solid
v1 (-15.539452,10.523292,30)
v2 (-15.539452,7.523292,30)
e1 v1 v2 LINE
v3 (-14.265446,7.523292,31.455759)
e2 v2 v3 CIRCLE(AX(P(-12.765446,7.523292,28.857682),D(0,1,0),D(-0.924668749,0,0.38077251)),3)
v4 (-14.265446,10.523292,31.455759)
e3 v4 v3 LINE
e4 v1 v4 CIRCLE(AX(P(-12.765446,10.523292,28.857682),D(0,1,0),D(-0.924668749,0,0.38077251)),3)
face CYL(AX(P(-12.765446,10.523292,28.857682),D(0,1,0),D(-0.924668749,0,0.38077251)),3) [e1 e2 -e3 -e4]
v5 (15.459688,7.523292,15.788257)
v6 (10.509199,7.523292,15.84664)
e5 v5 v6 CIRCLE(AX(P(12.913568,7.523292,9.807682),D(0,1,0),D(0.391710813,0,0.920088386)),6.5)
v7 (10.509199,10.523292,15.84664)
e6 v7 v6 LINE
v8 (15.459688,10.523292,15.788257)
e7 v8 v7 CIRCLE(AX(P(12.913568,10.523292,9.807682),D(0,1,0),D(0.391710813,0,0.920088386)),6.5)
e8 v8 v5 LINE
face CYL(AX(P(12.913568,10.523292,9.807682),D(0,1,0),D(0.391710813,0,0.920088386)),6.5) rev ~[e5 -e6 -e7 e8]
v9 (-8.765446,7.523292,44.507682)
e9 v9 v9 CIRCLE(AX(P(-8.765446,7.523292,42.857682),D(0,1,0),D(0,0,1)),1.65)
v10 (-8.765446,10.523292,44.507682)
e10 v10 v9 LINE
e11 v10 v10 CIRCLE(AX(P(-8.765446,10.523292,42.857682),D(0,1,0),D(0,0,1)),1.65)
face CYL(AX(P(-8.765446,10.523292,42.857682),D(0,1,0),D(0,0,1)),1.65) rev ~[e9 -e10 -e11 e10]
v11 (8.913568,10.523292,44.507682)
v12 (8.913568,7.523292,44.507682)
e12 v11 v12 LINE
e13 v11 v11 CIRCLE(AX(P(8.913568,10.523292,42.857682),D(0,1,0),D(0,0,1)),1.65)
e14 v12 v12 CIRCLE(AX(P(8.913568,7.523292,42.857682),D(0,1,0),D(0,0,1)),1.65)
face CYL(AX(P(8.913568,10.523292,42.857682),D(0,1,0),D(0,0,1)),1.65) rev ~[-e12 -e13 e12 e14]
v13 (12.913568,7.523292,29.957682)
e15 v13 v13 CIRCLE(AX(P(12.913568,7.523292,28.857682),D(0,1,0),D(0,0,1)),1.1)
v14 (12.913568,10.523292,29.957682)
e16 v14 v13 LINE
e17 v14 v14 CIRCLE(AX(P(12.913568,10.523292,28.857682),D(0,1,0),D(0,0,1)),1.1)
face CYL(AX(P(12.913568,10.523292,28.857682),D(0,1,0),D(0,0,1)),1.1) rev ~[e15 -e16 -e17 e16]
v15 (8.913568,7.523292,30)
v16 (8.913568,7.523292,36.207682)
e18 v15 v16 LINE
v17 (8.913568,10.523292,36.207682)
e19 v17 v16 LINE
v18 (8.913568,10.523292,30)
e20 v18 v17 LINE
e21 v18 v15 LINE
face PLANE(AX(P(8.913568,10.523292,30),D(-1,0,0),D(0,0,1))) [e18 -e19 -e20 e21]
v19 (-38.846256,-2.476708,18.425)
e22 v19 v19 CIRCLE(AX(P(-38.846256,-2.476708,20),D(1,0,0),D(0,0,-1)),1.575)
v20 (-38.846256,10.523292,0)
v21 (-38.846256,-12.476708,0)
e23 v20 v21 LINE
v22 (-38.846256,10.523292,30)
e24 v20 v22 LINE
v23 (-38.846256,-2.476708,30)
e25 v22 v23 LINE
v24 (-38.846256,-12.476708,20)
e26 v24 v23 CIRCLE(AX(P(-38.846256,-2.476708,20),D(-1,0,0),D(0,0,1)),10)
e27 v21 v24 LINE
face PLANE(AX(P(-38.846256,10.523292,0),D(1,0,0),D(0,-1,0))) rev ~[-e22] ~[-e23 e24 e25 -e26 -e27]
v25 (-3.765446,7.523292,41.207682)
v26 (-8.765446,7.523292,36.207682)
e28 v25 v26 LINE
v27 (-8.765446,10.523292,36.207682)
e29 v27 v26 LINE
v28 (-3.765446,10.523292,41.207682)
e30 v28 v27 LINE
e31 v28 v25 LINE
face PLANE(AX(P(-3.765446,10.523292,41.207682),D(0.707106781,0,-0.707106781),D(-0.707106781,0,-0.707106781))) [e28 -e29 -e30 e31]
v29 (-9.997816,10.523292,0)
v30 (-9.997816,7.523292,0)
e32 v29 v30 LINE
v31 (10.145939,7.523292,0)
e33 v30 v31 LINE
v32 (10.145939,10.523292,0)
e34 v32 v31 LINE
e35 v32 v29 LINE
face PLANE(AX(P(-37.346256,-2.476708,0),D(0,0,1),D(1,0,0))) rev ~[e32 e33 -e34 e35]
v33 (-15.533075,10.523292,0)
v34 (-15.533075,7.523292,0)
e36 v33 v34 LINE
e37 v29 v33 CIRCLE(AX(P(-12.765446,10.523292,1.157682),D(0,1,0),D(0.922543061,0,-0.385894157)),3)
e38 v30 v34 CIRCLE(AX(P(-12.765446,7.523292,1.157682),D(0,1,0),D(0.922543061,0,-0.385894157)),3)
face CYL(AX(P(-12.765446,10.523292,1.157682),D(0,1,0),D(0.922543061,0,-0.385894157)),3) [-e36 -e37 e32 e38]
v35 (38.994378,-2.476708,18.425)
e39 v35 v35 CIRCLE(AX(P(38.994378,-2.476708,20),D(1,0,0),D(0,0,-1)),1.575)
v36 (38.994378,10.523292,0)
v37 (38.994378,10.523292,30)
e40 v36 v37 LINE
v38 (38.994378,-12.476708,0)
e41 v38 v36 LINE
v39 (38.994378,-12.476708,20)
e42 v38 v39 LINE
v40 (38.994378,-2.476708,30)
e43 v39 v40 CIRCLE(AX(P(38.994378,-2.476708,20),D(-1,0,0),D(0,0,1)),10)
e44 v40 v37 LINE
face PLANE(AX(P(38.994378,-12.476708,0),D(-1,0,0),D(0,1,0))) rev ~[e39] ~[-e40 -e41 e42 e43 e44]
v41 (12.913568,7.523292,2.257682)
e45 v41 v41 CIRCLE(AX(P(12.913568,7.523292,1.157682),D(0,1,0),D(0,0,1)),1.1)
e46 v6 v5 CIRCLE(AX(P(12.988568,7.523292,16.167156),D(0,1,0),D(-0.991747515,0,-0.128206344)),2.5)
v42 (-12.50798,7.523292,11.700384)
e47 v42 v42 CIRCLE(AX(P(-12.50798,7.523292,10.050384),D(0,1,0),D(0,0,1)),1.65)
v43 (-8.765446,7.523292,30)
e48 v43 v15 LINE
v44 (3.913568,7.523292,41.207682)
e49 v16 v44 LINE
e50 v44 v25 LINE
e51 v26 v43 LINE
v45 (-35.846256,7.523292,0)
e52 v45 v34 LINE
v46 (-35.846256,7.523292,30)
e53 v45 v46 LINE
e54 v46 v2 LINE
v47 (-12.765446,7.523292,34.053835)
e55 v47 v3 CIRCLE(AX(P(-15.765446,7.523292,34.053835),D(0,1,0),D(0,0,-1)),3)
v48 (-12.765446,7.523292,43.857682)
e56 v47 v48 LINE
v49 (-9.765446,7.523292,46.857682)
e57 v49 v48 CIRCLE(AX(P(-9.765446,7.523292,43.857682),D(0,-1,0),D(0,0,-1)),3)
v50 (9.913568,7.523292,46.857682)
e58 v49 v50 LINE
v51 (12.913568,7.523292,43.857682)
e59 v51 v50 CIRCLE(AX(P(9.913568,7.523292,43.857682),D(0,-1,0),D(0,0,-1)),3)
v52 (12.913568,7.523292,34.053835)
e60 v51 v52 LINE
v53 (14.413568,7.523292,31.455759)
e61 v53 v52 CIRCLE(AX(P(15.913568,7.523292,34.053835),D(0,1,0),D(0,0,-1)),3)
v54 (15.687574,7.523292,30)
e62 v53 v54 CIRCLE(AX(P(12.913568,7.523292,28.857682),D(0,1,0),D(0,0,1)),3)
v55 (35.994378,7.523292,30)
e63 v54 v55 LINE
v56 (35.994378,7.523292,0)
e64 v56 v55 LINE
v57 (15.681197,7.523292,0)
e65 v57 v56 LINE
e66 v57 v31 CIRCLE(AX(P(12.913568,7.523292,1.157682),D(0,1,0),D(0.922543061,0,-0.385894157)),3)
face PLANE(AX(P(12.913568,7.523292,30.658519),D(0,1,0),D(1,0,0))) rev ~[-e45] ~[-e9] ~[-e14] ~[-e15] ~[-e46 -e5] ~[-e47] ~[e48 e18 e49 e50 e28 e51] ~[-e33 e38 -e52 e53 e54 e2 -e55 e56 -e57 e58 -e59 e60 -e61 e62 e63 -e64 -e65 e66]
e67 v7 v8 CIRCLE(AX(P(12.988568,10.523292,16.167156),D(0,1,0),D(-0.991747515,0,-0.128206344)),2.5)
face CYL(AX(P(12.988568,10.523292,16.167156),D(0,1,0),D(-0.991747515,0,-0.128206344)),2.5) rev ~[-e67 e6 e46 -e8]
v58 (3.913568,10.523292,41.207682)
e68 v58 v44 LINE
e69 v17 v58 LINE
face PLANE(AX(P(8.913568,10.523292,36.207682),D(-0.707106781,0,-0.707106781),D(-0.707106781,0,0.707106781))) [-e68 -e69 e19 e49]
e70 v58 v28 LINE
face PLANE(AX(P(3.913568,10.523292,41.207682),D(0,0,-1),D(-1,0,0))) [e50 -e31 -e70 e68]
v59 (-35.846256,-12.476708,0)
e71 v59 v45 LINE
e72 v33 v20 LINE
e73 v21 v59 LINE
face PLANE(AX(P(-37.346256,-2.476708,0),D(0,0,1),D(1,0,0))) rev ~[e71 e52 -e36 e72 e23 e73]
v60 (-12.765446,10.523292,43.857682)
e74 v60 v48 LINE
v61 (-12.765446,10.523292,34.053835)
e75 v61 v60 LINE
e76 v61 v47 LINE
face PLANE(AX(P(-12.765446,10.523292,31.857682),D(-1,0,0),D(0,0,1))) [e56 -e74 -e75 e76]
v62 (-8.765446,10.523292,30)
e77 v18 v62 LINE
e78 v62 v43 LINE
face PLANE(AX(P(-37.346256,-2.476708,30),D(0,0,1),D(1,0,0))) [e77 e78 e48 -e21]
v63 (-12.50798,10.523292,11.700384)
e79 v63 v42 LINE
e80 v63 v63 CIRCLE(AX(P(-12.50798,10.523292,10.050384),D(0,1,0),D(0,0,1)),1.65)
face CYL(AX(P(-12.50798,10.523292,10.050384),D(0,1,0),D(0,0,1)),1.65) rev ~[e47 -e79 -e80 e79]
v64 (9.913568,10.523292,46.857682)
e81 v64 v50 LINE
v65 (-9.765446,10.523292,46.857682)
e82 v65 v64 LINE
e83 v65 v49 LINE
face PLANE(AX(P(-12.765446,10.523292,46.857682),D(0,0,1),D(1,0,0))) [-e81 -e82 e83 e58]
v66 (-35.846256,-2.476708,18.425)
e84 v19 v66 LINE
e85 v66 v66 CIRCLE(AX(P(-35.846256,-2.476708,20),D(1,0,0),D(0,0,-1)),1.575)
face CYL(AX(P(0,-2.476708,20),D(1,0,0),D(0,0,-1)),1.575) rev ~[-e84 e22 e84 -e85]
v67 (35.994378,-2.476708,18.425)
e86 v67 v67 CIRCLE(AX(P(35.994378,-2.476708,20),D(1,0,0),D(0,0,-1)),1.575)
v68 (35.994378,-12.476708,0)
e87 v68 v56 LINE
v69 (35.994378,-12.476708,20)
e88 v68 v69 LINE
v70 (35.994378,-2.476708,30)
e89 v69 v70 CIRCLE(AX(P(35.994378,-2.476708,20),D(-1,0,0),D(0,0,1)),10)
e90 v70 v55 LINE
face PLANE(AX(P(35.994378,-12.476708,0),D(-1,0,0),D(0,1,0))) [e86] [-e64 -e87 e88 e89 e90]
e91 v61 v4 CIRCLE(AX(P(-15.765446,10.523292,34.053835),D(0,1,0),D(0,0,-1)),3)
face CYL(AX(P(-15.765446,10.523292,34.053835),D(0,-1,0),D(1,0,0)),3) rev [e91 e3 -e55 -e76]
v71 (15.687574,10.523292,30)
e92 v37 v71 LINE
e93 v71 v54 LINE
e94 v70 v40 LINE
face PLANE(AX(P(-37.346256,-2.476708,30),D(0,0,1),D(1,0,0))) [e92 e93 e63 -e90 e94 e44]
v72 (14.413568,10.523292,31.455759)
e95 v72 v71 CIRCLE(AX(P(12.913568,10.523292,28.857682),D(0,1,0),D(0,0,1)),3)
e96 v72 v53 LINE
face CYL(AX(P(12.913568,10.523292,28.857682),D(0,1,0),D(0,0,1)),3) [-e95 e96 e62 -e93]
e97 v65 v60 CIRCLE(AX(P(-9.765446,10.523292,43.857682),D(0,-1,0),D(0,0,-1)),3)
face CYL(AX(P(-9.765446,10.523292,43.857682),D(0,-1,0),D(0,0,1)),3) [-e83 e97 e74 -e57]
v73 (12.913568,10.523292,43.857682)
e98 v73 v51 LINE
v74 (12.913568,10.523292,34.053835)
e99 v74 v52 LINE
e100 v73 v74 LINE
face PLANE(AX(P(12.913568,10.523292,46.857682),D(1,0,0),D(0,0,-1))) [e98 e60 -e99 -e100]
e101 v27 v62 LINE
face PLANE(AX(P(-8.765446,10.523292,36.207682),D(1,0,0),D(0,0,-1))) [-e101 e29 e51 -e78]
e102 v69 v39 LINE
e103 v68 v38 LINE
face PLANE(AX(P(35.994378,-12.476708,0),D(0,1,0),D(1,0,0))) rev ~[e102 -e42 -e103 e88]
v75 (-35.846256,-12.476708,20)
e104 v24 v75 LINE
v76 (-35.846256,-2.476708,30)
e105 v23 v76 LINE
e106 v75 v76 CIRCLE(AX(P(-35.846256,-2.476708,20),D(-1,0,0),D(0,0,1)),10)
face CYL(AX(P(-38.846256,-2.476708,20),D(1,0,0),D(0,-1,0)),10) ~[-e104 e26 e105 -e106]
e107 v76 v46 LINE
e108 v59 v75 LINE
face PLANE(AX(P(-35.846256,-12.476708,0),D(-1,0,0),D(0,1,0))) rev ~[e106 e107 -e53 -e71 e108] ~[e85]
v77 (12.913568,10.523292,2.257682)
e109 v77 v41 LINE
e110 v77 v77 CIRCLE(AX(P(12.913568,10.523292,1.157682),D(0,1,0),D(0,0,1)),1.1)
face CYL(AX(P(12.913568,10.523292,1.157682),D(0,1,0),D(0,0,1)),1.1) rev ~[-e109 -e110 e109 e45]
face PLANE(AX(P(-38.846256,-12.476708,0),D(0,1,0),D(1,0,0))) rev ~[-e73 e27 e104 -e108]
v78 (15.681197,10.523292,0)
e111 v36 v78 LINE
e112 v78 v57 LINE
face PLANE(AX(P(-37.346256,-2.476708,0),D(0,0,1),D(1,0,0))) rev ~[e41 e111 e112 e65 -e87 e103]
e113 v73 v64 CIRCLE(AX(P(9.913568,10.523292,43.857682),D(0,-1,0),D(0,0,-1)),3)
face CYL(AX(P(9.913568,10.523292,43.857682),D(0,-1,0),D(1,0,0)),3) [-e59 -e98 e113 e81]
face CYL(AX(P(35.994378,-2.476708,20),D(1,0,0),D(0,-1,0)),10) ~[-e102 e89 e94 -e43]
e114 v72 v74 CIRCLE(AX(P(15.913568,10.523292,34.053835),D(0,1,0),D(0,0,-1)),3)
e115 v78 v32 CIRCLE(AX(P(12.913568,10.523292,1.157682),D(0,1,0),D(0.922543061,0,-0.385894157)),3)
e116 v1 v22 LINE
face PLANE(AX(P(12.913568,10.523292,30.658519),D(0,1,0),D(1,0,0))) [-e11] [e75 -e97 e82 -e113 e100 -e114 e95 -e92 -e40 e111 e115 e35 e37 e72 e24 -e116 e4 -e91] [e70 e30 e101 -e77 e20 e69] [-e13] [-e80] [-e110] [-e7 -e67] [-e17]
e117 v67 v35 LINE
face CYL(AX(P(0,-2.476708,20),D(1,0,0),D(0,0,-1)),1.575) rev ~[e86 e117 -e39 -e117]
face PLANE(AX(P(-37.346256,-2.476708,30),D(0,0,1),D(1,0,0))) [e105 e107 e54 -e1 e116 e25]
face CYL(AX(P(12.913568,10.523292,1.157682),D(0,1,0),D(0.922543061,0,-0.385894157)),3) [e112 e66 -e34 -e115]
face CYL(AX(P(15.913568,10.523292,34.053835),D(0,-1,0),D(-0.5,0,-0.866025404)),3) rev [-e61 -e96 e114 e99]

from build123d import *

# Parameters (mm, degrees)
SKETCH1_W           = 3
SKETCH1_H           = 20
SKETCH1_H_2         = 3
SKETCH1_W_2         = 71.840634077
BOSS_EXTRUDE1_DEPTH = 30
FILLET1_R           = 10
SKETCH2_R           = 1.575
CUT_EXTRUDE1_DEPTH  = 50
SKETCH3_R           = 6.5
SKETCH3_R_2         = 2.5
SKETCH3_R_3         = 1.1
SKETCH3_R_4         = 1.65
CUT_EXTRUDE2_DEPTH  = 3
SKETCH4_R           = 1.65
BOSS_EXTRUDE2_DEPTH = 3
FILLET3_R           = 3


with BuildPart() as part:
    # Sketch1 → Boss-Extrude1 (new body)
    with BuildSketch(Plane.XY):
        with Locations((-37.346255817, -2.476707935)):
            Rectangle(SKETCH1_W, SKETCH1_H)
        with Locations((-37.346255817, 9.023292065)):
            Rectangle(SKETCH1_W, SKETCH1_H_2)
        with Locations((0.074061222, 9.023292065)):
            Rectangle(SKETCH1_W_2, SKETCH1_H_2)
        with Locations((37.49437826, 9.023292065)):
            Rectangle(SKETCH1_W, SKETCH1_H_2)
        with Locations((37.49437826, -2.476707935)):
            Rectangle(SKETCH1_W, SKETCH1_H)
    extrude(amount=BOSS_EXTRUDE1_DEPTH)

    # Fillet1
    fillet1_edges = [part.edges().sort_by_distance(p)[0] for p in [
        (37.49437826, -12.476707935, 30),
        (-37.346255817, -12.476707935, 30),
    ]]
    fillet(fillet1_edges, radius=FILLET1_R)

    # Sketch2 → Cut-Extrude1 (cut, symmetric)
    with BuildSketch(Plane(origin=(0, 0, 0), x_dir=(0, 0, -1), z_dir=(1, 0, 0))):
        with Locations((-20, -2.476707935)):
            Circle(SKETCH2_R)
    extrude(amount=CUT_EXTRUDE1_DEPTH, both=True, mode=Mode.SUBTRACT)

    # Sketch3 → Cut-Extrude2 (cut)
    with BuildSketch(Plane(origin=(0, 10.523292065, 0), x_dir=(1, 0, 0), z_dir=(0, 1, 0))):
        with Locations((12.913568062, -9.80768247)):
            Circle(SKETCH3_R)
        with Locations((12.988568062, -16.167156082)):
            Circle(SKETCH3_R_2)
        with Locations(Location((12.913568062, -1.15768247, 0), (0, 0, 270))):
            Circle(SKETCH3_R_3)
        with Locations(Location((12.913568062, -28.85768247, 0), (0, 0, 270))):
            Circle(SKETCH3_R_3)
        with Locations(Location((-12.507980061, -10.050384435, 0), (0, 0, 270))):
            Circle(SKETCH3_R_4)
    extrude(amount=-CUT_EXTRUDE2_DEPTH, mode=Mode.SUBTRACT)

    # Sketch4 → Boss-Extrude2 (add)
    # profile 1 of 5: a face of its own
    with BuildSketch(Plane(origin=(0, 10.523292065, 0), x_dir=(1, 0, 0), z_dir=(0, 1, 0))):
        with BuildLine():
            Line((15.687574309, -30), (10.139561814, -30))
            ThreePointArc((10.139561814, -30), (11.244279679, -31.350367026), (12.913568062, -31.85768247))
            ThreePointArc((12.913568062, -31.85768247), (14.582856444, -31.350367026), (15.687574309, -30))
        make_face()
    # profile 2 of 5: a face of its own
    with BuildSketch(Plane(origin=(0, 10.523292065, 0), x_dir=(1, 0, 0), z_dir=(0, 1, 0))):
        with BuildLine():
            Line((10.145938878, 0), (15.681197245, 0))
            ThreePointArc((15.681197245, 0), (12.913568062, 1.84231753), (10.145938878, 0))
        make_face()
    # profile 3 of 5: a face of its own
    with BuildSketch(Plane(origin=(0, 10.523292065, 0), x_dir=(1, 0, 0), z_dir=(0, 1, 0))):
        with BuildLine():
            Line((-3.765445619, -41.20768247), (-8.765445619, -36.20768247))
            Line((-8.765445619, -36.20768247), (-8.765445619, -30))
            Line((-8.765445619, -30), (-9.991439371, -30))
            ThreePointArc((-9.991439371, -30), (-11.096157236, -31.350367026), (-12.765445619, -31.85768247))
            Line((-12.765445619, -31.85768247), (-12.765445619, -46.85768247))
            Line((-12.765445619, -46.85768247), (-6.765445619, -46.85768247))
            Line((-6.765445619, -46.85768247), (6.913568062, -46.85768247))
            Line((6.913568062, -46.85768247), (12.913568062, -46.85768247))
            Line((12.913568062, -46.85768247), (12.913568062, -31.85768247))
            ThreePointArc((12.913568062, -31.85768247), (11.244279679, -31.350367026), (10.139561814, -30))
            Line((10.139561814, -30), (8.913568062, -30))
            Line((8.913568062, -30), (8.913568062, -36.20768247))
            Line((8.913568062, -36.20768247), (3.913568062, -41.20768247))
            Line((3.913568062, -41.20768247), (-3.765445619, -41.20768247))
        make_face()
        with Locations(Location((-8.765445619, -42.85768247, 0), (0, 0, 270))):
            Circle(SKETCH4_R, mode=Mode.SUBTRACT)
        with Locations(Location((8.913568062, -42.85768247, 0), (0, 0, 270))):
            Circle(SKETCH4_R, mode=Mode.SUBTRACT)
    # profile 4 of 5: a face of its own
    with BuildSketch(Plane(origin=(0, 10.523292065, 0), x_dir=(1, 0, 0), z_dir=(0, 1, 0))):
        with BuildLine():
            ThreePointArc((-12.765445619, -31.85768247), (-11.096157236, -31.350367026), (-9.991439371, -30))
            Line((-9.991439371, -30), (-15.539451866, -30))
            ThreePointArc((-15.539451866, -30), (-14.434734002, -31.350367026), (-12.765445619, -31.85768247))
        make_face()
    # profile 5 of 5: a face of its own
    with BuildSketch(Plane(origin=(0, 10.523292065, 0), x_dir=(1, 0, 0), z_dir=(0, 1, 0))):
        with BuildLine():
            Line((-15.533074803, 0), (-9.997816435, 0))
            ThreePointArc((-9.997816435, 0), (-12.765445619, 1.84231753), (-15.533074803, 0))
        make_face()
    extrude(amount=-BOSS_EXTRUDE2_DEPTH)

    # Fillet3
    fillet3_edges = [part.edges().sort_by_distance(p)[0] for p in [
        (12.913568062, 9.023292065, 31.85768247),
        (12.913568062, 9.023292065, 46.85768247),
        (-12.765445619, 9.023292065, 46.85768247),
        (-12.765445619, 9.023292065, 31.85768247),
    ]]
    fillet(fillet3_edges, radius=FILLET3_R)


solid = part.part
